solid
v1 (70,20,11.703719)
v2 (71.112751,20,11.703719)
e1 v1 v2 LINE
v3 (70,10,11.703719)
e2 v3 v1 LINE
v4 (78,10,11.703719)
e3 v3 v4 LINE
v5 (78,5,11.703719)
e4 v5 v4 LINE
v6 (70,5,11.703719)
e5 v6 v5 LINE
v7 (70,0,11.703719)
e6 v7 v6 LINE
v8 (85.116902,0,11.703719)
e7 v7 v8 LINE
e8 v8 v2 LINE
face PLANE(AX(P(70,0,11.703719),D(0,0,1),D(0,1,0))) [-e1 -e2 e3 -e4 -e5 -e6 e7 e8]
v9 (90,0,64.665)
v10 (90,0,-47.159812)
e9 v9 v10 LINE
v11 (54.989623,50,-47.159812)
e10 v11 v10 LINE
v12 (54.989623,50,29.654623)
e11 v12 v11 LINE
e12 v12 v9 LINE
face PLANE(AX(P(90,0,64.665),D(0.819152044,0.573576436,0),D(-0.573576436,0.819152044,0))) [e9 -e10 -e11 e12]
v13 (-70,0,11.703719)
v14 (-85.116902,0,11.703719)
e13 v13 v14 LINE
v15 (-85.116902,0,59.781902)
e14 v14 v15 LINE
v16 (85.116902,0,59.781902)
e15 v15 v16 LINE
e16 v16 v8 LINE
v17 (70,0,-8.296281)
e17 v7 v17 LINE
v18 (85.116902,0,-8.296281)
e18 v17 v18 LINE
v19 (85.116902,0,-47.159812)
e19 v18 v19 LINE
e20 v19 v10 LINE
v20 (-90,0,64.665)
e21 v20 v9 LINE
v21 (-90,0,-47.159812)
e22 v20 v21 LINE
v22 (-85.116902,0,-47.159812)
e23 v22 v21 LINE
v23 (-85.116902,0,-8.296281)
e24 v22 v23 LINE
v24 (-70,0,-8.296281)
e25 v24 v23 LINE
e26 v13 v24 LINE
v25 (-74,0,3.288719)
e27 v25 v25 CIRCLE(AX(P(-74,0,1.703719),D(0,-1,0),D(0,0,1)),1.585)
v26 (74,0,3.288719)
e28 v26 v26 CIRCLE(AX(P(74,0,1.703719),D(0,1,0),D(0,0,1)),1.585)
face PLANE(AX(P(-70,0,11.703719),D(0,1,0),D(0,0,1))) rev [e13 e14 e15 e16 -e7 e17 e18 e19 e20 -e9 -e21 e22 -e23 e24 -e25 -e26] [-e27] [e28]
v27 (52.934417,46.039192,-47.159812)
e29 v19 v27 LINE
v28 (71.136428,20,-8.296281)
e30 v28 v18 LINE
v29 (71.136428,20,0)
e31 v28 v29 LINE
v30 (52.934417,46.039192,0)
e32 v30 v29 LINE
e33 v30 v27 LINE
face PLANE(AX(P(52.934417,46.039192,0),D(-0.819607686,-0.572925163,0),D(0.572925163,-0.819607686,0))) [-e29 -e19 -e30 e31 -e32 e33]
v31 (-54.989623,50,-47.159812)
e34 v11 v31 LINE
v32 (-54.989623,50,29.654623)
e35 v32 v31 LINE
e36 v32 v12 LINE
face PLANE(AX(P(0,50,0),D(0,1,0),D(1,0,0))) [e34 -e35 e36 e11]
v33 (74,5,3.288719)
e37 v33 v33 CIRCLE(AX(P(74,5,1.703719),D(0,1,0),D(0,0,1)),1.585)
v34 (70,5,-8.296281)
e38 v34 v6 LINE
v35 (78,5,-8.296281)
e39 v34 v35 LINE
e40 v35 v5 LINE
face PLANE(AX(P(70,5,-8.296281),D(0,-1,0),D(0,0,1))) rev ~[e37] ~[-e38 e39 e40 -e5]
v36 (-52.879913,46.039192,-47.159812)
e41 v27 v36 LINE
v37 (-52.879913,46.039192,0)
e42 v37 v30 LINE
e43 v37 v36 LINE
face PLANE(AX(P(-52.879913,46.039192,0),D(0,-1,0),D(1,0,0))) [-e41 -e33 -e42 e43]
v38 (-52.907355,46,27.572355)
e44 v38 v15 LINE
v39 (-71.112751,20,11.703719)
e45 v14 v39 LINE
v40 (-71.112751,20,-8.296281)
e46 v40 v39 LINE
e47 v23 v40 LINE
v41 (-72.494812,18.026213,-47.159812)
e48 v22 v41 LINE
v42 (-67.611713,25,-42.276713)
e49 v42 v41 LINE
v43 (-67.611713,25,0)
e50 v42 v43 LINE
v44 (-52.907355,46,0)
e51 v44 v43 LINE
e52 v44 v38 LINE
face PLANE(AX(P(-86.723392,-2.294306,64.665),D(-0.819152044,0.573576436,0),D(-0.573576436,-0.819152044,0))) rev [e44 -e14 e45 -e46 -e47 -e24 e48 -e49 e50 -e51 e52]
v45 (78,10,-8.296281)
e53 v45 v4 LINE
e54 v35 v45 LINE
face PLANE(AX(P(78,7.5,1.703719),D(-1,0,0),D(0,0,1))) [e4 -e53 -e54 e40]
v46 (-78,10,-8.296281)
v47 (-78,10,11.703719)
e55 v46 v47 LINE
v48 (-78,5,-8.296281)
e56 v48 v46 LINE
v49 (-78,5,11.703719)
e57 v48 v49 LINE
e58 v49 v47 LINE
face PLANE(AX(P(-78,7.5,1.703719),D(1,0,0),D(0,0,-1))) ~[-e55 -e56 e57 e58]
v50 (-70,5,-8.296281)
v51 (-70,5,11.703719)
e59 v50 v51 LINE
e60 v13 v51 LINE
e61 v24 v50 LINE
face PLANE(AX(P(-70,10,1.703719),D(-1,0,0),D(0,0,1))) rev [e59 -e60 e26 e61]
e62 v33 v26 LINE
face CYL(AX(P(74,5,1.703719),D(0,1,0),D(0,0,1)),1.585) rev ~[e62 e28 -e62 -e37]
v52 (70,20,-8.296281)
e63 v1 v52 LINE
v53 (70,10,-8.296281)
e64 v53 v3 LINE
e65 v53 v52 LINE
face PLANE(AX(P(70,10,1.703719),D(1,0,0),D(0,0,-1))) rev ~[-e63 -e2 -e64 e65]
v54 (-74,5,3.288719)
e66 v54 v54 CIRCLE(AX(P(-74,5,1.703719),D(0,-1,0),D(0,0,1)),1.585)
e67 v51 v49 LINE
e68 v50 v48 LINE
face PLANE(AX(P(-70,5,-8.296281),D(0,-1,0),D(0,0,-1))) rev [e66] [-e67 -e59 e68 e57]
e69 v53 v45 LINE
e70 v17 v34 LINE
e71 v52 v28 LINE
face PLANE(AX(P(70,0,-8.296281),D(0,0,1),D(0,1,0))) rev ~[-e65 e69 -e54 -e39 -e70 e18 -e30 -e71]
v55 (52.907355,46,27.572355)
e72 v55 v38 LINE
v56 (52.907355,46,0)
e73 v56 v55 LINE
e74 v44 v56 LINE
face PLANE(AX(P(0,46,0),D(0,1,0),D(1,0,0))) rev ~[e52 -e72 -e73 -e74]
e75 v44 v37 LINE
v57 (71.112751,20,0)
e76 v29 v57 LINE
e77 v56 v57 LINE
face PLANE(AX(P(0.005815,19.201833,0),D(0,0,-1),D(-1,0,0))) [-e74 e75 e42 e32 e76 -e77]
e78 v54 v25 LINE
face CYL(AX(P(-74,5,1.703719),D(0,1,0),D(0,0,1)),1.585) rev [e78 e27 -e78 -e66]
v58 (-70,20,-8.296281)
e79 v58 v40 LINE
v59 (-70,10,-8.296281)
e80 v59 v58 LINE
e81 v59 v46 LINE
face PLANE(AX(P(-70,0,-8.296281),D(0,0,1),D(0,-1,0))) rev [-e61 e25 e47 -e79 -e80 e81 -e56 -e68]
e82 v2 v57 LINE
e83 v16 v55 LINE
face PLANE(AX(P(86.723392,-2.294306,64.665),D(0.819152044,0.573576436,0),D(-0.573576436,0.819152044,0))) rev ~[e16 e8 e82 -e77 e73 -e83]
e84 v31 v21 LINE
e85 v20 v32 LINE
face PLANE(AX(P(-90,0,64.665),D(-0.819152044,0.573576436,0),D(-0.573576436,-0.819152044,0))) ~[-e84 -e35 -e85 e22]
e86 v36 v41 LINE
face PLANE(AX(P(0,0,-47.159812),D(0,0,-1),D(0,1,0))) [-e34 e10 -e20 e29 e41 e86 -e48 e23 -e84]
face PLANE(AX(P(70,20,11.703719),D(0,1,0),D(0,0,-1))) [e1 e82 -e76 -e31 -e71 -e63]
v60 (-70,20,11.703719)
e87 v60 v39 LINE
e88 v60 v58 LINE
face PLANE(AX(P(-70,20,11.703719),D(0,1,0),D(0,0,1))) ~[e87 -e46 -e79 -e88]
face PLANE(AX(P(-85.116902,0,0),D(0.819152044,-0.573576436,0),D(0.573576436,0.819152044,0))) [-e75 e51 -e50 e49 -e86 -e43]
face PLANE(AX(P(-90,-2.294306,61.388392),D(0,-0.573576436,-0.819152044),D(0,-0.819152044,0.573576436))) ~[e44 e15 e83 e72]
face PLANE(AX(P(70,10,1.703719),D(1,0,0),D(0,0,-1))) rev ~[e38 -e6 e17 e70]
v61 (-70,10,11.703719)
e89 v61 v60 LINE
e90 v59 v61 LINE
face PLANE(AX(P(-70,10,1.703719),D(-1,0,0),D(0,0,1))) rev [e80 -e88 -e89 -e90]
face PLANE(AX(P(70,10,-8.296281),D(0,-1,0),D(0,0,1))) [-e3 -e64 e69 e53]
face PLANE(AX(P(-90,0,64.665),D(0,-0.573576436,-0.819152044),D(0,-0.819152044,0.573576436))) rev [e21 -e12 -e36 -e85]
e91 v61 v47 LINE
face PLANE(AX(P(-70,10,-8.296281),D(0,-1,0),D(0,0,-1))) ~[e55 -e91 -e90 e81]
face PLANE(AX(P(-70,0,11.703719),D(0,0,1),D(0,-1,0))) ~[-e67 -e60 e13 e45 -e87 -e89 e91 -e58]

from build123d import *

# Parameters (mm, degrees)
CROQUIS1_W                  = 180
CROQUIS1_H                  = 129.33
SALIENTE_EXTRUIR1_DEPTH     = 50
CORTAR_EXTRUIR1_REACH       = 167.307
CORTAR_EXTRUIR2_REACH       = 199.691
VACIADO1_T                  = -4
SALIENTE_EXTRUIR4_DEPTH     = 102.58126129
CORTAR_EXTRUIR10_DEPTH      = 92.58126129
CROQUIS15_W                 = 55.421449745
CROQUIS15_H                 = 50
CORTAR_EXTRUIR11_DEPTH      = 146.33724632
CORTAR_EXTRUIR11_DEPTH_BACK = 146.33724632
SALIENTE_EXTRUIR6_REACH     = 181.671
CROQUIS19_W                 = 20
CROQUIS19_H                 = 20
CROQUIS20_W                 = 20
CROQUIS20_H                 = 5
CORTAR_EXTRUIR14_DEPTH      = 8
CORTAR_EXTRUIR15_REACH      = 121.61
CROQUIS22_R                 = 1.585


with BuildPart() as part:
    # Croquis1 → Saliente-Extruir1 (new body)
    with BuildSketch(Plane(origin=(0, 0, 0), x_dir=(1, 0, 0), z_dir=(0, 1, 0))):
        Rectangle(CROQUIS1_W, CROQUIS1_H)
    extrude(amount=SALIENTE_EXTRUIR1_DEPTH)

    # Croquis2 → Cortar-Extruir1 (cut, up to next)
    with BuildSketch(Plane.XY.offset(64.665), mode=Mode.PRIVATE) as cortar_extruir1_sk1:
        Polygon((90, 0), (54.98962309, 50), (90, 50), align=None)
    cortar_extruir1_tool1 = extrude(cortar_extruir1_sk1.sketch, amount=-CORTAR_EXTRUIR1_REACH, mode=Mode.PRIVATE) & part.part
    cortar_extruir1 = cortar_extruir1_tool1.solids().sort_by_distance((78.329874, 33.333333, 64.665))[0]
    add(cortar_extruir1, mode=Mode.SUBTRACT)

    # Cortar-Extruir2: up to this plane
    cortar_extruir2_end = Plane(origin=(90, 0, -64.666), z_dir=(-0.819152044288995, -0.5735764363510416, 0))
    # Croquis4 → Cortar-Extruir2 (cut, up to the surface)
    with BuildSketch(Plane.ZY.offset(90), mode=Mode.PRIVATE) as cortar_extruir2_sk1:
        Polygon((-64.665, 0), (-29.65462309, 50), (-64.665, 50), align=None)
    cortar_extruir2_tool1 = split(extrude(cortar_extruir2_sk1.sketch, amount=-CORTAR_EXTRUIR2_REACH, mode=Mode.PRIVATE), bisect_by=cortar_extruir2_end, keep=Keep.BOTH, mode=Mode.PRIVATE)
    cortar_extruir2 = cortar_extruir2_tool1.solids().sort_by_distance((-90, 33.333333, -52.994874))[0]
    add(cortar_extruir2, mode=Mode.SUBTRACT)

    # Simetría2: Cortar-Extruir2 across plane
    add(cortar_extruir2.mirror(Plane.XY), mode=Mode.SUBTRACT)

    # Simetría1: Cortar-Extruir1 across plane
    add(cortar_extruir1.mirror(Plane(origin=(0, 0, 0), x_dir=(0, 0, 1), z_dir=(1, 0, 0))), mode=Mode.SUBTRACT)

    # Simetría1 at the second plane: Cortar-Extruir1 across plane
    add(cortar_extruir1.mirror(Plane.XY), mode=Mode.SUBTRACT)

    # Vaciado1
    vaciado1_openings = [part.faces().sort_by_distance(p)[0] for p in [
        (0, 0, 0),
    ]]
    offset(amount=VACIADO1_T, openings=vaciado1_openings, kind=Kind.INTERSECTION)

    # Croquis7 → Saliente-Extruir4 (add)
    with BuildSketch(Plane(origin=(0, 14.764441718, 0), x_dir=(-1, 0, 0), z_dir=(0, 0, -1))):
        Polygon((-54.98962309, 10.235558282), (-72.494811545, 10.235558282), (-54.98962309, 35.235558282), (54.98962309, 35.235558282), (72.494811545, 10.235558282), (54.98962309, 10.235558282), align=None)
    extrude(amount=SALIENTE_EXTRUIR4_DEPTH)

    # Croquis14 → Cortar-Extruir10 (cut)
    with BuildSketch(Plane.XY):
        Polygon((-85.116901645, 0), (-52.87991258, 46.039191676), (52.934417466, 46.039191676), (85.116901645, 0), align=None)
    extrude(amount=-CORTAR_EXTRUIR10_DEPTH, mode=Mode.SUBTRACT)

    # Croquis15 → Cortar-Extruir11 (cut, two sides)
    with BuildSketch(Plane(origin=(0, 0, 0), x_dir=(0, 0, -1), z_dir=(1, 0, 0))) as cortar_extruir11_sk:
        with Locations((74.870536418, 25)):
            Rectangle(CROQUIS15_W, CROQUIS15_H)
    extrude(amount=CORTAR_EXTRUIR11_DEPTH, mode=Mode.SUBTRACT)
    extrude(cortar_extruir11_sk.sketch, amount=-CORTAR_EXTRUIR11_DEPTH_BACK, mode=Mode.SUBTRACT)

    # Croquis19 → Saliente-Extruir6 (add, up to next)
    with BuildSketch(Plane(origin=(70, 0, 0), x_dir=(0, 0, -1), z_dir=(1, 0, 0)), mode=Mode.PRIVATE) as saliente_extruir6_sk1:
        with Locations((-1.703719293, 10)):
            Rectangle(CROQUIS19_W, CROQUIS19_H)
    saliente_extruir6_tool1 = extrude(saliente_extruir6_sk1.sketch, amount=SALIENTE_EXTRUIR6_REACH, mode=Mode.PRIVATE) - part.part
    saliente_extruir6 = saliente_extruir6_tool1.solids().sort_by_distance((70, 10, 1.703719))[0]
    add(saliente_extruir6)

    # Croquis20 → Cortar-Extruir14 (cut)
    with BuildSketch(Plane.ZY.offset(-70)):
        with Locations((1.703719293, 7.5)):
            Rectangle(CROQUIS20_W, CROQUIS20_H)
    cortar_extruir14 = extrude(amount=-CORTAR_EXTRUIR14_DEPTH, mode=Mode.SUBTRACT)

    # Croquis22 → Cortar-Extruir15 (cut, up to next)
    with BuildSketch(Plane(origin=(0, 5, 0), x_dir=(1, 0, 0), z_dir=(0, 1, 0)), mode=Mode.PRIVATE) as cortar_extruir15_sk1:
        with Locations(Location((74, -1.703719293, 0), (0, 0, 270))):
            Circle(CROQUIS22_R)
    cortar_extruir15_tool1 = extrude(cortar_extruir15_sk1.sketch, amount=-CORTAR_EXTRUIR15_REACH, mode=Mode.PRIVATE) & part.part
    cortar_extruir15 = cortar_extruir15_tool1.solids().sort_by_distance((74, 5, 1.703719))[0]
    add(cortar_extruir15, mode=Mode.SUBTRACT)

    # Simetría3: Saliente-Extruir6, Cortar-Extruir14, Cortar-Extruir15 across plane
    add(saliente_extruir6.mirror(Plane(origin=(0, 0, 0), x_dir=(0, 0, 1), z_dir=(1, 0, 0))))
    add(cortar_extruir14.mirror(Plane(origin=(0, 0, 0), x_dir=(0, 0, 1), z_dir=(1, 0, 0))), mode=Mode.SUBTRACT)
    add(cortar_extruir15.mirror(Plane(origin=(0, 0, 0), x_dir=(0, 0, 1), z_dir=(1, 0, 0))), mode=Mode.SUBTRACT)


solid = part.part
